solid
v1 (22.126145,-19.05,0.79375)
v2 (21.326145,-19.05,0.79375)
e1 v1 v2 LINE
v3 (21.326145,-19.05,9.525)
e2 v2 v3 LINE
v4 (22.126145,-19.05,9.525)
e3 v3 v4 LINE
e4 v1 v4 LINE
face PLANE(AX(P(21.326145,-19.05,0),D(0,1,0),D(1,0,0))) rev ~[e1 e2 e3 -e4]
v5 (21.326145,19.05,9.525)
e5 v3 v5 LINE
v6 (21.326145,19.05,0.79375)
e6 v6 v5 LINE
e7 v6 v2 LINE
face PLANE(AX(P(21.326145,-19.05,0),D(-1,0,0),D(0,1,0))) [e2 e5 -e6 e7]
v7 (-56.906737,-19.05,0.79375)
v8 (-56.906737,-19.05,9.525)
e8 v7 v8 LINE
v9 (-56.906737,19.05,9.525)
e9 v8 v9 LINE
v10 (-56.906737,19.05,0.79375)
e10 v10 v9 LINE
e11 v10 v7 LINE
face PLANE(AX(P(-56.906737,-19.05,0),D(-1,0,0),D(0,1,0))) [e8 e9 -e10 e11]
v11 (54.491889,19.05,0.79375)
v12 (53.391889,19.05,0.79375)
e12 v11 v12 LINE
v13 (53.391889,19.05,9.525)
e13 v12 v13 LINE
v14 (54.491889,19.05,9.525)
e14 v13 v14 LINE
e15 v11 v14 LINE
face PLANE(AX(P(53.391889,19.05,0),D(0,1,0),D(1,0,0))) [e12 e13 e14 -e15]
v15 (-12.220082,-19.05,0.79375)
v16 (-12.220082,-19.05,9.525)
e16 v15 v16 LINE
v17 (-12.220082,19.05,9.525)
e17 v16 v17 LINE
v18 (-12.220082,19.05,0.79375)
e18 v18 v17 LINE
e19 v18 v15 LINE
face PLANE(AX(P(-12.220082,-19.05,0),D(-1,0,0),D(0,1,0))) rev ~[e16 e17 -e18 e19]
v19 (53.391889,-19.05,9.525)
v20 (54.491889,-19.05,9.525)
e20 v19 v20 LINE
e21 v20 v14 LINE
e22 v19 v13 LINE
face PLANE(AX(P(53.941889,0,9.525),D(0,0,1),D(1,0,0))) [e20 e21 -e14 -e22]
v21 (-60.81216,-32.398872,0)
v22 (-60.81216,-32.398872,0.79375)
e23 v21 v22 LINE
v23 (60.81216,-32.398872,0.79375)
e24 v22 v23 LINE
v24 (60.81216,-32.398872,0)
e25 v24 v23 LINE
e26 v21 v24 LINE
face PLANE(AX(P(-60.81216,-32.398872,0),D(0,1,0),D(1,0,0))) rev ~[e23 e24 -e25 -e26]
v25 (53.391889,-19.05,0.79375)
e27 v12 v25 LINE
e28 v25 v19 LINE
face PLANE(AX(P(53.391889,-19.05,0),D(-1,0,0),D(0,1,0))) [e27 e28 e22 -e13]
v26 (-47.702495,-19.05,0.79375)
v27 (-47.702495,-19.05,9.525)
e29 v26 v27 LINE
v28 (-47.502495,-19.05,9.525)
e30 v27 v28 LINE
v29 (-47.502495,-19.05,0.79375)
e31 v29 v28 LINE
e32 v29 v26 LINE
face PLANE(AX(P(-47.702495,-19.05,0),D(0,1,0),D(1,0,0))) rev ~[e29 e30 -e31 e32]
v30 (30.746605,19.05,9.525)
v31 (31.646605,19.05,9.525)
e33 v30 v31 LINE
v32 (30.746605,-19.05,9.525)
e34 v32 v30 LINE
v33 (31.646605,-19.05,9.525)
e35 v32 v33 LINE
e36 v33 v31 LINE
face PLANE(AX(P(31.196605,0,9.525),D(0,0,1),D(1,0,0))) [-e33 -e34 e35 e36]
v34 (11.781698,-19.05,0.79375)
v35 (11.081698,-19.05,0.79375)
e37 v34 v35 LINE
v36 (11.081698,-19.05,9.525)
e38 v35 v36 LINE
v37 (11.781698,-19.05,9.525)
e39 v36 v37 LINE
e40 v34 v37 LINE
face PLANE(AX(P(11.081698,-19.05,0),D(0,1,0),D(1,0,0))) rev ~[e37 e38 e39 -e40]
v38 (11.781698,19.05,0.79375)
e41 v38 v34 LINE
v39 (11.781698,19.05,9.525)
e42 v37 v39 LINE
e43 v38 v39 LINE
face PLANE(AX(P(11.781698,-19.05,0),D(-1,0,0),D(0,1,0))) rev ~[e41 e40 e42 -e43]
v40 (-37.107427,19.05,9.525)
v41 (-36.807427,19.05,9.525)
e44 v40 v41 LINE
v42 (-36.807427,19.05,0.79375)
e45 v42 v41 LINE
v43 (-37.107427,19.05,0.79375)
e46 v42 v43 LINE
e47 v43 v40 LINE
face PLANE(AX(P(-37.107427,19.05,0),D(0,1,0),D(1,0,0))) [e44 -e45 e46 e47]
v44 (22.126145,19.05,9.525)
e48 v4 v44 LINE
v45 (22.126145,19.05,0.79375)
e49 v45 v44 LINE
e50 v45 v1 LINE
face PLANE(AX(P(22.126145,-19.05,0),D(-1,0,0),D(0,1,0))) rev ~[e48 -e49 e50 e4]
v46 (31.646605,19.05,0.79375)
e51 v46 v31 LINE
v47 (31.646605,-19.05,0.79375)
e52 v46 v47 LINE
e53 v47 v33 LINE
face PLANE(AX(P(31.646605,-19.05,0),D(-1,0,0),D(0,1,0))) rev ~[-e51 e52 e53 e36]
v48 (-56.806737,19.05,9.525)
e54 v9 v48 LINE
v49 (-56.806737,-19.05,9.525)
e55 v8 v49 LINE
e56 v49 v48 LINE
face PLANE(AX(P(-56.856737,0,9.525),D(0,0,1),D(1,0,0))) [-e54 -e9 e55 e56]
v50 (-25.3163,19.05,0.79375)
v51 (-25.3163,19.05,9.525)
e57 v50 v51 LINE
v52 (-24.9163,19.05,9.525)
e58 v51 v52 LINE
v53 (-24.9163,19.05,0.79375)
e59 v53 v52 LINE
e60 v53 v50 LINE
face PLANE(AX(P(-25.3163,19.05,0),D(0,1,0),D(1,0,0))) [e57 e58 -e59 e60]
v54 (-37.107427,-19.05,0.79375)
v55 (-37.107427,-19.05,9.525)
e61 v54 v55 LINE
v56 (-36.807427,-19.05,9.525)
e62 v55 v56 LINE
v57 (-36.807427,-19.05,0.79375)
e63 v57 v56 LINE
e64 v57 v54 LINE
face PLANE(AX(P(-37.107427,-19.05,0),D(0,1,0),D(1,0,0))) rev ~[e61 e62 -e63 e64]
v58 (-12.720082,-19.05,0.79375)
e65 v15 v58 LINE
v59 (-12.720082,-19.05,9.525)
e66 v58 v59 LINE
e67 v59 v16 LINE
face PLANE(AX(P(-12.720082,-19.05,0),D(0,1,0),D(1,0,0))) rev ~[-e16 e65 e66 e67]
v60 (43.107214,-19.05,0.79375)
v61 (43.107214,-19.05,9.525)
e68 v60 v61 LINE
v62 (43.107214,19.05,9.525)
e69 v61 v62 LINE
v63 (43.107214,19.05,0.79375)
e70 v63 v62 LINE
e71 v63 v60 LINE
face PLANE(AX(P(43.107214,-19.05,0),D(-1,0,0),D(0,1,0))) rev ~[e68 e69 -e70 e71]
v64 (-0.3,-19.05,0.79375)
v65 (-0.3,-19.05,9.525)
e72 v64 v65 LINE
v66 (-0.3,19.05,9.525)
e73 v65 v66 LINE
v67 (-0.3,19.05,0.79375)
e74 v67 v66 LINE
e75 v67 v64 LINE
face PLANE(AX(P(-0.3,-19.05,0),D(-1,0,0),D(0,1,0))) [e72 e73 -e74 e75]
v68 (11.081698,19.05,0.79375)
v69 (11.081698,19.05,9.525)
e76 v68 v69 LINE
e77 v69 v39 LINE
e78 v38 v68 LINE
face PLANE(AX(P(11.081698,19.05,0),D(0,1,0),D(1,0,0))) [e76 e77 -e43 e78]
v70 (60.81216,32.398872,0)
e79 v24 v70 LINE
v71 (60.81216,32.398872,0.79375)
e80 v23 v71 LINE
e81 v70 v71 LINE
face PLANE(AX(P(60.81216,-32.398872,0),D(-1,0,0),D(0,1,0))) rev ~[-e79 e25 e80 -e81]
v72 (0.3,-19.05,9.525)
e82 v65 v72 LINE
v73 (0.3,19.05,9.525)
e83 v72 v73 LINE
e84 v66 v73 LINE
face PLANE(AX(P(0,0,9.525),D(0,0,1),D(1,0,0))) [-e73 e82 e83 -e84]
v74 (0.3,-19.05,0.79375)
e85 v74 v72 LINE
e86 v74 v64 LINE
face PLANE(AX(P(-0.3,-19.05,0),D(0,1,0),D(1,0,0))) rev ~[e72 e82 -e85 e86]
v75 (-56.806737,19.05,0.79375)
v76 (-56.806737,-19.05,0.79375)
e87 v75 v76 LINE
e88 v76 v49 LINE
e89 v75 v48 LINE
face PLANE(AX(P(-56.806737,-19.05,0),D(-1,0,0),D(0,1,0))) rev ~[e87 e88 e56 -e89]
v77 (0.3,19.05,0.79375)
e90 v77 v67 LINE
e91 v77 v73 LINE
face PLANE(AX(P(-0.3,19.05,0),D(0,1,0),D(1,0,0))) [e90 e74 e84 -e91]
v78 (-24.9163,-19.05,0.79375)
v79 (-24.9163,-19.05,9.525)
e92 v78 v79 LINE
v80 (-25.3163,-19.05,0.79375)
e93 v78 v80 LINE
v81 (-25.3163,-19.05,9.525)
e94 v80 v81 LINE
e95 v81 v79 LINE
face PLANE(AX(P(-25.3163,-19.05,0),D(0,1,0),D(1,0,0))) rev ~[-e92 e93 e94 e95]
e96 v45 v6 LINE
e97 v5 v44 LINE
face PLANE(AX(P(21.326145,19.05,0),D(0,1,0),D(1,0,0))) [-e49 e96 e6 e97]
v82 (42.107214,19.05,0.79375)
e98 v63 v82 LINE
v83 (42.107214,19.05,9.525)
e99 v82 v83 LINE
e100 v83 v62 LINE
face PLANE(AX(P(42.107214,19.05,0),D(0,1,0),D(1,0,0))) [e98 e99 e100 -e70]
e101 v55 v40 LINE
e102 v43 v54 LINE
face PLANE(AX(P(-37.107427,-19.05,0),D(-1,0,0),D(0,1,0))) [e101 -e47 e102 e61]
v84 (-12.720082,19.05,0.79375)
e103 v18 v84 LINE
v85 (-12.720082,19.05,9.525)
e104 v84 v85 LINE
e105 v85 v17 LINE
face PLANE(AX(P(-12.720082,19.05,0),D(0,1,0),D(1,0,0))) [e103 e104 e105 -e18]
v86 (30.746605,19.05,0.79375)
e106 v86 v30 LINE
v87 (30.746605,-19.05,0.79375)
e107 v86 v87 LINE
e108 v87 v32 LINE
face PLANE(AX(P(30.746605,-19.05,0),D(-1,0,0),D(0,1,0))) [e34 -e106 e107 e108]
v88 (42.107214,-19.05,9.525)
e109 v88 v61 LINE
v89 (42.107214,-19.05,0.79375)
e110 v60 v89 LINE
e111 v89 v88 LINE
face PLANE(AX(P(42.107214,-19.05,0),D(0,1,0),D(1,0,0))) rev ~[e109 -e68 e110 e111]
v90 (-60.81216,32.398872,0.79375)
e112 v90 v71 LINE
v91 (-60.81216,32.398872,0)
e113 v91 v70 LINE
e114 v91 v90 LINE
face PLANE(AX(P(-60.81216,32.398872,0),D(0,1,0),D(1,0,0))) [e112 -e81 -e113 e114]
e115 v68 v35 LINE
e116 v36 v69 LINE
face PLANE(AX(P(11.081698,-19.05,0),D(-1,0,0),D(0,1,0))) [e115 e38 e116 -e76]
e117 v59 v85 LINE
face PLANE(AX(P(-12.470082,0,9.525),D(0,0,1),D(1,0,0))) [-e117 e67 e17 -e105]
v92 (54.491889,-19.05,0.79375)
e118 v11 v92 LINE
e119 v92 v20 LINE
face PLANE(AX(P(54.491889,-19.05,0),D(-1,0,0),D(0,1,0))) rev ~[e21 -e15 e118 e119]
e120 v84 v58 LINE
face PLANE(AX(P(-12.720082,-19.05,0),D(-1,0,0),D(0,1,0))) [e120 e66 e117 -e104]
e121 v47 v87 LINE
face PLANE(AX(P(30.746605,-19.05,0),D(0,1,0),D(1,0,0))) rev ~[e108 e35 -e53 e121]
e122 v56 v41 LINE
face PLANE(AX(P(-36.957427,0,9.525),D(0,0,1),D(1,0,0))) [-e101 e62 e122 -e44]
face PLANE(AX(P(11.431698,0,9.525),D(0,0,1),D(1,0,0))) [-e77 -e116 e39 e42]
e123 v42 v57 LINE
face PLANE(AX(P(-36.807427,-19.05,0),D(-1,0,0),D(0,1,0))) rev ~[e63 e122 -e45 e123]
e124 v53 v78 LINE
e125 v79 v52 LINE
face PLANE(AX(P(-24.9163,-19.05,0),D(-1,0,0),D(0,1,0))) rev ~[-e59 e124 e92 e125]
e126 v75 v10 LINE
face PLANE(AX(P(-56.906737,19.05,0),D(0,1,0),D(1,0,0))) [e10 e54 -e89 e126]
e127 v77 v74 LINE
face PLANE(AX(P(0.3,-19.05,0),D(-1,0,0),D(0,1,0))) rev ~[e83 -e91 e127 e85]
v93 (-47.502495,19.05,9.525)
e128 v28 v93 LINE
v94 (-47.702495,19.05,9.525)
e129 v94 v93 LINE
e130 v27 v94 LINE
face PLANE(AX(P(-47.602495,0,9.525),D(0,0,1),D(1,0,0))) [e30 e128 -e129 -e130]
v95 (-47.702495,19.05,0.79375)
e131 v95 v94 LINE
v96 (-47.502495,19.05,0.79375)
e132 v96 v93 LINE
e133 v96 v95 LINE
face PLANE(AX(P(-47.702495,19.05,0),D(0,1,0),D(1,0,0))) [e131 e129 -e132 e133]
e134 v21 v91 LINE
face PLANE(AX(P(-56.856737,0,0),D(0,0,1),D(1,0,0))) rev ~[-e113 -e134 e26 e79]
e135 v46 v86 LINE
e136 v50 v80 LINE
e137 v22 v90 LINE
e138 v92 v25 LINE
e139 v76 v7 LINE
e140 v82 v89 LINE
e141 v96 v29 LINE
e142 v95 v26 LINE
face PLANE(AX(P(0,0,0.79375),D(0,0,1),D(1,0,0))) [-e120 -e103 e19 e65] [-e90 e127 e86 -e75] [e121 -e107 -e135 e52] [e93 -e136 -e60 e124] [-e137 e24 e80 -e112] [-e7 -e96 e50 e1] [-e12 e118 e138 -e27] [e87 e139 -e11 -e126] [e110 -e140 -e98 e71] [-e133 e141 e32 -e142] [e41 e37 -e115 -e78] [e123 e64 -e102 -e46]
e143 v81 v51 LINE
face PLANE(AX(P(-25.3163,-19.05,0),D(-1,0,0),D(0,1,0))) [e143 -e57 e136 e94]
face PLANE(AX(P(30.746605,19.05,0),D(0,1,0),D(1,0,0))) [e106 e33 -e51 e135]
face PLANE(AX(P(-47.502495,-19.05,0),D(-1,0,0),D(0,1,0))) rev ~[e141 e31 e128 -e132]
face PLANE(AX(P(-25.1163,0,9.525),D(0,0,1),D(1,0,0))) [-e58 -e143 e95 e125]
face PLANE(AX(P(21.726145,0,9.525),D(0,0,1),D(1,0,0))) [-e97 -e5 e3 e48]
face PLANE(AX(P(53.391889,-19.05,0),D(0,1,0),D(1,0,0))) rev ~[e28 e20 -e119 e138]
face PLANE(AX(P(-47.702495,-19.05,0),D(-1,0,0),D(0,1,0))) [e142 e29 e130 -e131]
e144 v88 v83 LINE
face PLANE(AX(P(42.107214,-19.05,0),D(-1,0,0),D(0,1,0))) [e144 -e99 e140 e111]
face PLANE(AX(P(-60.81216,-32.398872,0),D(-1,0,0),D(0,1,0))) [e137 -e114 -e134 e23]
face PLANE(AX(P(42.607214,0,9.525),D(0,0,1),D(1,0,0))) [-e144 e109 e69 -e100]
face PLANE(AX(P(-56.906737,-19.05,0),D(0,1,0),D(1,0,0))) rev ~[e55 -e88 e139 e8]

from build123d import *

# Parameters (mm, degrees)
F0_W     = 121.62432
F0_H     = 64.797744
F1_DEPTH = 0.79375
F2_W     = 0.1
F2_H     = 38.1
F2_W_2   = 0.2
F2_W_3   = 0.3
F2_W_4   = 0.4
F2_W_5   = 0.5
F2_W_6   = 0.6
F2_W_7   = 0.7
F2_W_8   = 0.8
F2_W_9   = 0.9
F2_W_10  = 1
F2_W_11  = 1.1
F3_DEPTH = 9.525


with BuildPart() as f1:
    # F0 (on Top) → F1 (new body)
    with BuildSketch(Plane.XY):
        Rectangle(F0_W, F0_H)
    extrude(amount=F1_DEPTH)

    # F2 (on Top) → F3 (join)
    with BuildSketch(Plane.XY):
        with Locations((-56.856737, 0)):
            Rectangle(F2_W, F2_H)
        with Locations((-47.602495, 0)):
            Rectangle(F2_W_2, F2_H)
        with Locations((-36.957427, 0)):
            Rectangle(F2_W_3, F2_H)
        with Locations((-25.1163, 0)):
            Rectangle(F2_W_4, F2_H)
        with Locations((-12.470082, 0)):
            Rectangle(F2_W_5, F2_H)
        Rectangle(F2_W_6, F2_H)
        with Locations((11.431698, 0)):
            Rectangle(F2_W_7, F2_H)
        with Locations((21.726145, 0)):
            Rectangle(F2_W_8, F2_H)
        with Locations((31.196605, 0)):
            Rectangle(F2_W_9, F2_H)
        with Locations((42.607214, 0)):
            Rectangle(F2_W_10, F2_H)
        with Locations((53.941889, 0)):
            Rectangle(F2_W_11, F2_H)
    extrude(amount=F3_DEPTH)


solid = f1.part
